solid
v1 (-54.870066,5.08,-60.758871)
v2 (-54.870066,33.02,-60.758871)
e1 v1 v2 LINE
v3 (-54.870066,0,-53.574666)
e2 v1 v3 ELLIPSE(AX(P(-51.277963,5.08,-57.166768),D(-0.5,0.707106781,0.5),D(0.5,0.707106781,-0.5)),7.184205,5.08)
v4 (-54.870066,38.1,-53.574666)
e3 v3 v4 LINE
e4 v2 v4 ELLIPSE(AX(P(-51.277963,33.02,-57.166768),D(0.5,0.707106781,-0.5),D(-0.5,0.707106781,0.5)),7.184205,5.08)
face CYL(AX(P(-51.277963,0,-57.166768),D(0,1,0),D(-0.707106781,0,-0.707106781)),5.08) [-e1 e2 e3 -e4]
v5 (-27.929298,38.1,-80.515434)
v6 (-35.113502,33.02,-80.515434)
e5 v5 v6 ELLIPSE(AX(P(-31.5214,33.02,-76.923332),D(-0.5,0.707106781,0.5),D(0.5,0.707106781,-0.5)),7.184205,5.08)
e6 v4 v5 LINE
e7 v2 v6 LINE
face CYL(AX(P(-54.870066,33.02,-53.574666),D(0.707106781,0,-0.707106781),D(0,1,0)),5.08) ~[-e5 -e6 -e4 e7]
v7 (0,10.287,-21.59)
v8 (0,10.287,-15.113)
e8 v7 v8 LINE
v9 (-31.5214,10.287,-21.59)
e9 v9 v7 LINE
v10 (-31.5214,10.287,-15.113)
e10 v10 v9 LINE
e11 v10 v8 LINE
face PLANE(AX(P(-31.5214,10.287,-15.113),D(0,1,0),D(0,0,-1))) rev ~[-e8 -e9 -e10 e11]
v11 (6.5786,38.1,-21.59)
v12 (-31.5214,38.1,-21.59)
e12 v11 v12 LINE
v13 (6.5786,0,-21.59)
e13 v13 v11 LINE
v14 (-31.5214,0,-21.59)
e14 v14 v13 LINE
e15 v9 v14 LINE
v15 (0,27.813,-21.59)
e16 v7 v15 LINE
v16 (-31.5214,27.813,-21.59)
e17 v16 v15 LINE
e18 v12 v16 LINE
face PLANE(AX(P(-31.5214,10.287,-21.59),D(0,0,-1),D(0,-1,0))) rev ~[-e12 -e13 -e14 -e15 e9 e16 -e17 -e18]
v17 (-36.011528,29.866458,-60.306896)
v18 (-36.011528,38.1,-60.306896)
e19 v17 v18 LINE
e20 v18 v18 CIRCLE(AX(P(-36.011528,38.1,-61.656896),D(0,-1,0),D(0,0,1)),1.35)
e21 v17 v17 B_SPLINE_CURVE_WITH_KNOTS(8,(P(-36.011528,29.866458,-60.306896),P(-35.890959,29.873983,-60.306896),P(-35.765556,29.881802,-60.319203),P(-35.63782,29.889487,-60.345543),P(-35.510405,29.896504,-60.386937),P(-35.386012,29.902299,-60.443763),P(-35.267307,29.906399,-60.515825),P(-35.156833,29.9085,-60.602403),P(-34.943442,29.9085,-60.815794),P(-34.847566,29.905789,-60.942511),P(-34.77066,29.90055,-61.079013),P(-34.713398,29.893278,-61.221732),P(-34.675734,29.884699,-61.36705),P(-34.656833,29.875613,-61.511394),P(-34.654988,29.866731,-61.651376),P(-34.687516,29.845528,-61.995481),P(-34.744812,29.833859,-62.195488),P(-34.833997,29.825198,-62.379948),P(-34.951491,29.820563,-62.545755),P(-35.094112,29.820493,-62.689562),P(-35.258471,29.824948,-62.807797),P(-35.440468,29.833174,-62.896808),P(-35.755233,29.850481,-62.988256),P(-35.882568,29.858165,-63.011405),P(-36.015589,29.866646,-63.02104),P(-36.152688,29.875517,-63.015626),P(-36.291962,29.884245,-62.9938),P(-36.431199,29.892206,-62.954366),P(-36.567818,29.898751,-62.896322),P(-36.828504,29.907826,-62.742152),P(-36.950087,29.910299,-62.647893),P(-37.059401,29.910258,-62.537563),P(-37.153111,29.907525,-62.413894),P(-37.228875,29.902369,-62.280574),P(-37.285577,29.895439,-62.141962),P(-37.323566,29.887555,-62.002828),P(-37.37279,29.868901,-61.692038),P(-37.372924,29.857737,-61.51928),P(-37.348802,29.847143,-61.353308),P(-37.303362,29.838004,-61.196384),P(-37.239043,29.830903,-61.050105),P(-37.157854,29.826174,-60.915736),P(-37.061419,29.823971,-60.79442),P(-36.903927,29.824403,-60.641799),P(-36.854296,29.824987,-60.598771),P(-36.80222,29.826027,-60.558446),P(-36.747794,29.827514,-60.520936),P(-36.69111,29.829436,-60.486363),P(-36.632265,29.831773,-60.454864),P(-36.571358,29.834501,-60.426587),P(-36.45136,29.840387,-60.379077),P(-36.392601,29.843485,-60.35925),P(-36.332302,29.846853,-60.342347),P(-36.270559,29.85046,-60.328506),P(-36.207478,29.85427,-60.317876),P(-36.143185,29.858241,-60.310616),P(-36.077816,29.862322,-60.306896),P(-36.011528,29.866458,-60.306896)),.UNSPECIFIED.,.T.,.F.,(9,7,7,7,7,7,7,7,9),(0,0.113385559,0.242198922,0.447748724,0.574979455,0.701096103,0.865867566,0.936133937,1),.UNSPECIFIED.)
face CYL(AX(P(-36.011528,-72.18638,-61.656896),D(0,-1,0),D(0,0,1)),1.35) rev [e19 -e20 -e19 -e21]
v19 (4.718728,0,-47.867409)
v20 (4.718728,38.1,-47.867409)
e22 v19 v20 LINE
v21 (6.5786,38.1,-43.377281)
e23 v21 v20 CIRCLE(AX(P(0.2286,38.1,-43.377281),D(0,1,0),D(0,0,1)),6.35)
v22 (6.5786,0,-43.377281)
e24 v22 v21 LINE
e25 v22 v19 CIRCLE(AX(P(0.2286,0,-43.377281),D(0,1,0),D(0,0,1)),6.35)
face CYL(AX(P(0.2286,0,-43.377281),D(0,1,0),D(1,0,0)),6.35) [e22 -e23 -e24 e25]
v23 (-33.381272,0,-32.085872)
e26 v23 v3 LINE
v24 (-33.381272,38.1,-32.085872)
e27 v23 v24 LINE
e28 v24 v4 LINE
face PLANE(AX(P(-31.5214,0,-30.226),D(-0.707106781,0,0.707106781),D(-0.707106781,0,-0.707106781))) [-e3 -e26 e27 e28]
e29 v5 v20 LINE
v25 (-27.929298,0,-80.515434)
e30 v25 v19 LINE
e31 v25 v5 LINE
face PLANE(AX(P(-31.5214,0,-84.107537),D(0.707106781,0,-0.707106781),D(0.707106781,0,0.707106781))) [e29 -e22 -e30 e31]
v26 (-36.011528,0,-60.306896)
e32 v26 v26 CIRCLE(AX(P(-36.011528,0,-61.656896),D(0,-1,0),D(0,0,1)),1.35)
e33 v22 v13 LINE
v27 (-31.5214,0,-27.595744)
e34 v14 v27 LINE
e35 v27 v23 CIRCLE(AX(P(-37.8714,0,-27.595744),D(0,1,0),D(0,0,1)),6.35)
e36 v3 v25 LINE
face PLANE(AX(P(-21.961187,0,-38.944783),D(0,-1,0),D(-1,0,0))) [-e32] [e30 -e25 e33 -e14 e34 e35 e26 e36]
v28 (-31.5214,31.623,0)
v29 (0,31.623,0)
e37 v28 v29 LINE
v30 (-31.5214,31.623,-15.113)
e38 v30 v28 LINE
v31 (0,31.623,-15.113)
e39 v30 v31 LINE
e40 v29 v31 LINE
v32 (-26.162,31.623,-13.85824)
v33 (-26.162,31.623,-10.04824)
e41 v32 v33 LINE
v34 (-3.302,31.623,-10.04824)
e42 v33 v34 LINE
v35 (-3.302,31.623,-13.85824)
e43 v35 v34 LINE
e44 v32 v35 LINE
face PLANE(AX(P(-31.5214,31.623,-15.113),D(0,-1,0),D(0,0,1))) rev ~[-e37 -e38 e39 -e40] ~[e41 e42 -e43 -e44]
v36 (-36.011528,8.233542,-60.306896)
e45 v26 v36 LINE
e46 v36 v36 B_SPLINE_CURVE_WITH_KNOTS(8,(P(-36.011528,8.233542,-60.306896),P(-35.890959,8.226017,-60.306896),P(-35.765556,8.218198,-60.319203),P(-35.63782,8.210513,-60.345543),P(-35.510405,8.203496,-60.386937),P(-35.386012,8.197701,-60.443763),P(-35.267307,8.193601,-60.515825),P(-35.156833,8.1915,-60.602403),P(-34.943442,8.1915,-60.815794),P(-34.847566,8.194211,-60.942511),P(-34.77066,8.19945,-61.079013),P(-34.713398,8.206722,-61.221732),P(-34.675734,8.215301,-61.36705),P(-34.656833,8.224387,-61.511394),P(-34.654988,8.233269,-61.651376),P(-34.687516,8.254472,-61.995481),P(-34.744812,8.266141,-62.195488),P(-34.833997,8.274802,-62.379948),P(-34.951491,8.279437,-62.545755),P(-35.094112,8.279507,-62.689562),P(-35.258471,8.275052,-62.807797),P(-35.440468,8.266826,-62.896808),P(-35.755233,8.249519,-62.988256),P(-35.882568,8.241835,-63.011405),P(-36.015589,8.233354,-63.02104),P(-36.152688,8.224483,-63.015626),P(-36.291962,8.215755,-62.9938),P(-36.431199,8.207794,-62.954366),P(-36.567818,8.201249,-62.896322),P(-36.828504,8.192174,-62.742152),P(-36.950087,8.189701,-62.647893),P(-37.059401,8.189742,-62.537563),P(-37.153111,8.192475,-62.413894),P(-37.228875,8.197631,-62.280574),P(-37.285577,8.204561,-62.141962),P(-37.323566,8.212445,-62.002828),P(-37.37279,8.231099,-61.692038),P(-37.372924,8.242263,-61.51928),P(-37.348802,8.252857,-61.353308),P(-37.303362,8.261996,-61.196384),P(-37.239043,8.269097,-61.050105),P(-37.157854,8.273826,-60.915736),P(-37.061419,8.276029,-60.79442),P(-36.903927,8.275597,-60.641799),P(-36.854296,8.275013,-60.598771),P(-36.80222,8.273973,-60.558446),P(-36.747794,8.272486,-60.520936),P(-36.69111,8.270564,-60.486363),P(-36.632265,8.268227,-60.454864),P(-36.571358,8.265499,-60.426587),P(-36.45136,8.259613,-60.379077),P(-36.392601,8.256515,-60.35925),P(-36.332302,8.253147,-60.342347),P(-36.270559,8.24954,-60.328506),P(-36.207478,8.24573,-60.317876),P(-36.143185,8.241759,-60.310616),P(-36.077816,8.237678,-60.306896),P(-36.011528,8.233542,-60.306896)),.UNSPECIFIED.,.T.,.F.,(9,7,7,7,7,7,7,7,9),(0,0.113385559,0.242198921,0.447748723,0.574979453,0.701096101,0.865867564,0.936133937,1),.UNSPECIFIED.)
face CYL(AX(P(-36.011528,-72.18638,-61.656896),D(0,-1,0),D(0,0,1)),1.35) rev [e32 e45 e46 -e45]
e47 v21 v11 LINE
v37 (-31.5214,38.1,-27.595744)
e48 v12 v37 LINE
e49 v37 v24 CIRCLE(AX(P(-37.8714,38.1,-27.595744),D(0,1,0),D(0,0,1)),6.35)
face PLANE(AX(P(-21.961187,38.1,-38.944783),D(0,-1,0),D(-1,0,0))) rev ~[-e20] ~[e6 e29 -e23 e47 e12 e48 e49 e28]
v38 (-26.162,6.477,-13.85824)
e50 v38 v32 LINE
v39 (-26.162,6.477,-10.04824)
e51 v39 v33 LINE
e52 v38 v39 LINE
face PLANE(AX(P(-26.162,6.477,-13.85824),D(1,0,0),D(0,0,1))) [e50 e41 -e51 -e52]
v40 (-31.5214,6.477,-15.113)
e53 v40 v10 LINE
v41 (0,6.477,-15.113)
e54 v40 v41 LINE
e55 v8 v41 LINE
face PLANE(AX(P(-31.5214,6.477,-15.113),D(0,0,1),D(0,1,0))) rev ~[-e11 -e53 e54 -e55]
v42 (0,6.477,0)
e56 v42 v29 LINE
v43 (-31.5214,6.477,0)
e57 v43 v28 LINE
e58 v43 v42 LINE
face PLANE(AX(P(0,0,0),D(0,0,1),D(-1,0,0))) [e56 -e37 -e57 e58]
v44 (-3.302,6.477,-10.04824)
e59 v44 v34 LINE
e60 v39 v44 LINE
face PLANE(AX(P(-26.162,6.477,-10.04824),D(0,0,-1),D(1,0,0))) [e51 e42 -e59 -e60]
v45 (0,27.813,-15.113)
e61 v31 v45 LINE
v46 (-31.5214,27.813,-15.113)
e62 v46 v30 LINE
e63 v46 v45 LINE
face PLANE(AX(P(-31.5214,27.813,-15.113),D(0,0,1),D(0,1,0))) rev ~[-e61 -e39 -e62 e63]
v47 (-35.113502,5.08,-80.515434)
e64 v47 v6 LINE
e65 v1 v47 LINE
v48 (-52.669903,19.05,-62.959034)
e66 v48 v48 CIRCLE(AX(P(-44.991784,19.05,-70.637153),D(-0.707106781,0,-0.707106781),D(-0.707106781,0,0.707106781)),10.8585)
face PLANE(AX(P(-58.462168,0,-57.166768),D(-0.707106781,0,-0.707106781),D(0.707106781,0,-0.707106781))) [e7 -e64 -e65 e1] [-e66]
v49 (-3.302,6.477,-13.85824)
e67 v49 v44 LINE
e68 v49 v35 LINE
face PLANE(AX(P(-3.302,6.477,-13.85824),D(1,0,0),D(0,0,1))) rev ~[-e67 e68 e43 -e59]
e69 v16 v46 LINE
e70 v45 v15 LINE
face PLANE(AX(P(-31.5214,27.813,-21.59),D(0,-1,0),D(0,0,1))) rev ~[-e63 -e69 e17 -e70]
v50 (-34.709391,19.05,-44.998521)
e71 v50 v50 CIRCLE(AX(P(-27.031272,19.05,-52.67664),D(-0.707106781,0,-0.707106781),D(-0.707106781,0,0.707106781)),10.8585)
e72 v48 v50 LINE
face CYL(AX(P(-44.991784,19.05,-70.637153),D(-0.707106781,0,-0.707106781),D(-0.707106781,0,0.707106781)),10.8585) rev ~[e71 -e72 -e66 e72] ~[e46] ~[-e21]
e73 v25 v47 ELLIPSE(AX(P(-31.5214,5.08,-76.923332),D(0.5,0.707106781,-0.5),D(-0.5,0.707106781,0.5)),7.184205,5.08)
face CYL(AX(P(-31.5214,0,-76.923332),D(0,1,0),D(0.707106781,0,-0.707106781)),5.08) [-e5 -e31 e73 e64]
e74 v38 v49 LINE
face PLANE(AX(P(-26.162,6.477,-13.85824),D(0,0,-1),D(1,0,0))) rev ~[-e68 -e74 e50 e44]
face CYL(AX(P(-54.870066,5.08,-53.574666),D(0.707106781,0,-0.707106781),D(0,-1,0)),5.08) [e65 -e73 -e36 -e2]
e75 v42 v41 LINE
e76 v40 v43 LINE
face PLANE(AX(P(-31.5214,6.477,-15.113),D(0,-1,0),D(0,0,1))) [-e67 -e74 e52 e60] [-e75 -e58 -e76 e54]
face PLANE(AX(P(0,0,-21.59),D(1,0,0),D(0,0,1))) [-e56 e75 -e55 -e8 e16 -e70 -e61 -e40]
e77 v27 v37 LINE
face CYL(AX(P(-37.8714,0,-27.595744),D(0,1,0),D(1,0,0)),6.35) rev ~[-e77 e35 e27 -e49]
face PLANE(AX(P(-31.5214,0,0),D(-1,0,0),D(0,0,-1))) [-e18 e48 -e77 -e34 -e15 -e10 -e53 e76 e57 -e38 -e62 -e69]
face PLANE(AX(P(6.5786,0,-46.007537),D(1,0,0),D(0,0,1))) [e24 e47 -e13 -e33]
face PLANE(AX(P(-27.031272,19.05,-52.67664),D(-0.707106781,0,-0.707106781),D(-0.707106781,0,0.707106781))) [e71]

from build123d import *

# Parameters (mm, degrees)
BOSS_EXTRUDE1_DEPTH     = 38.1
SKETCH3_W               = 15.113
SKETCH3_H               = 6.477
CUT_EXTRUDE3_DEPTH      = 100.886424174
SKETCH4_W               = 22.86
SKETCH4_H               = 3.81
CUT_EXTRUDE4_DEPTH      = 108.200359108
SKETCH5_R               = 10.8585
CUT_EXTRUDE5_DEPTH      = 25.4
FILLET1_R               = 6.35
CUT_EXTRUDE6_DEPTH      = 110.286380048
CUT_EXTRUDE6_DEPTH_BACK = 110.286380048
SKETCH6_R               = 1.349999967
FILLET2_R               = 5.08


with BuildPart() as part:
    # Sketch1 → Boss-Extrude1 (new body)
    with BuildSketch(Plane(origin=(0, 0, 0), x_dir=(1, 0, 0), z_dir=(0, 1, 0))):
        Polygon((0, 0), (-31.5214, 0), (-31.5214, 30.226), (-58.462168363, 57.166768363), (-31.5214, 84.107536726), (6.5786, 46.007536726), (6.5786, 21.59), (0, 21.59), align=None)
    extrude(amount=BOSS_EXTRUDE1_DEPTH)

    # Sketch3 → Cut-Extrude3 (cut, through all)
    with BuildSketch(Plane.ZY.offset(31.5214)):
        Polygon((-15.113, 27.813), (-15.113, 31.623), (-15.113, 38.1), (-21.59, 38.1), (-21.59, 27.813), align=None)
        with Locations((-7.5565, 34.8615)):
            Rectangle(SKETCH3_W, SKETCH3_H)
        Polygon((-21.59, 10.287), (-21.59, 0), (-15.113, 0), (-15.113, 6.477), (-15.113, 10.287), align=None)
        with Locations((-7.5565, 3.2385)):
            Rectangle(SKETCH3_W, SKETCH3_H)
    extrude(amount=-CUT_EXTRUDE3_DEPTH, mode=Mode.SUBTRACT)

    # Sketch4 → Cut-Extrude4 (cut, through all)
    with BuildSketch(Plane.XZ.offset(-6.477)):
        with Locations((-14.732, -11.95324)):
            Rectangle(SKETCH4_W, SKETCH4_H)
    extrude(amount=-CUT_EXTRUDE4_DEPTH, mode=Mode.SUBTRACT)

    # Sketch5 → Cut-Extrude5 (cut)
    with BuildSketch(Plane(origin=(-57.814468363, 0, -57.814468363), x_dir=(-0.7071067811865489, 0, 0.7071067811865462), z_dir=(-0.7071067811865462, 0, -0.7071067811865489))):
        with Locations((-18.134013876, 19.05)):
            Circle(SKETCH5_R)
    extrude(amount=-CUT_EXTRUDE5_DEPTH, mode=Mode.SUBTRACT)

    # Fillet1
    fillet1_edges = [part.edges().sort_by_distance(p)[0] for p in [
        (-31.5214, 19.05, -30.226),
        (6.5786, 19.05, -46.007536726),
    ]]
    fillet(fillet1_edges, radius=FILLET1_R)

    # Sketch6 → Cut-Extrude6 (cut, two sides: drawn at the far end of the back side and taken through both)
    with BuildSketch(Plane(origin=(0, 38.1, 0), x_dir=(1, 0, 0), z_dir=(0, 1, 0)).offset(-CUT_EXTRUDE6_DEPTH_BACK)):
        with Locations(Location((-36.011528061, 61.656896424, 0), (0, 0, 270))):
            Circle(SKETCH6_R)
    extrude(amount=CUT_EXTRUDE6_DEPTH + CUT_EXTRUDE6_DEPTH_BACK, mode=Mode.SUBTRACT)

    # Fillet2
    fillet2_edges = [part.edges().sort_by_distance(p)[0] for p in [
        (-58.462168363, 19.05, -57.166768363),
        (-31.5214, 19.05, -84.107536726),
        (-44.991784182, 38.1, -70.637152545),
        (-44.991784182, 0, -70.637152545),
    ]]
    fillet(fillet2_edges, radius=FILLET2_R)


solid = part.part
